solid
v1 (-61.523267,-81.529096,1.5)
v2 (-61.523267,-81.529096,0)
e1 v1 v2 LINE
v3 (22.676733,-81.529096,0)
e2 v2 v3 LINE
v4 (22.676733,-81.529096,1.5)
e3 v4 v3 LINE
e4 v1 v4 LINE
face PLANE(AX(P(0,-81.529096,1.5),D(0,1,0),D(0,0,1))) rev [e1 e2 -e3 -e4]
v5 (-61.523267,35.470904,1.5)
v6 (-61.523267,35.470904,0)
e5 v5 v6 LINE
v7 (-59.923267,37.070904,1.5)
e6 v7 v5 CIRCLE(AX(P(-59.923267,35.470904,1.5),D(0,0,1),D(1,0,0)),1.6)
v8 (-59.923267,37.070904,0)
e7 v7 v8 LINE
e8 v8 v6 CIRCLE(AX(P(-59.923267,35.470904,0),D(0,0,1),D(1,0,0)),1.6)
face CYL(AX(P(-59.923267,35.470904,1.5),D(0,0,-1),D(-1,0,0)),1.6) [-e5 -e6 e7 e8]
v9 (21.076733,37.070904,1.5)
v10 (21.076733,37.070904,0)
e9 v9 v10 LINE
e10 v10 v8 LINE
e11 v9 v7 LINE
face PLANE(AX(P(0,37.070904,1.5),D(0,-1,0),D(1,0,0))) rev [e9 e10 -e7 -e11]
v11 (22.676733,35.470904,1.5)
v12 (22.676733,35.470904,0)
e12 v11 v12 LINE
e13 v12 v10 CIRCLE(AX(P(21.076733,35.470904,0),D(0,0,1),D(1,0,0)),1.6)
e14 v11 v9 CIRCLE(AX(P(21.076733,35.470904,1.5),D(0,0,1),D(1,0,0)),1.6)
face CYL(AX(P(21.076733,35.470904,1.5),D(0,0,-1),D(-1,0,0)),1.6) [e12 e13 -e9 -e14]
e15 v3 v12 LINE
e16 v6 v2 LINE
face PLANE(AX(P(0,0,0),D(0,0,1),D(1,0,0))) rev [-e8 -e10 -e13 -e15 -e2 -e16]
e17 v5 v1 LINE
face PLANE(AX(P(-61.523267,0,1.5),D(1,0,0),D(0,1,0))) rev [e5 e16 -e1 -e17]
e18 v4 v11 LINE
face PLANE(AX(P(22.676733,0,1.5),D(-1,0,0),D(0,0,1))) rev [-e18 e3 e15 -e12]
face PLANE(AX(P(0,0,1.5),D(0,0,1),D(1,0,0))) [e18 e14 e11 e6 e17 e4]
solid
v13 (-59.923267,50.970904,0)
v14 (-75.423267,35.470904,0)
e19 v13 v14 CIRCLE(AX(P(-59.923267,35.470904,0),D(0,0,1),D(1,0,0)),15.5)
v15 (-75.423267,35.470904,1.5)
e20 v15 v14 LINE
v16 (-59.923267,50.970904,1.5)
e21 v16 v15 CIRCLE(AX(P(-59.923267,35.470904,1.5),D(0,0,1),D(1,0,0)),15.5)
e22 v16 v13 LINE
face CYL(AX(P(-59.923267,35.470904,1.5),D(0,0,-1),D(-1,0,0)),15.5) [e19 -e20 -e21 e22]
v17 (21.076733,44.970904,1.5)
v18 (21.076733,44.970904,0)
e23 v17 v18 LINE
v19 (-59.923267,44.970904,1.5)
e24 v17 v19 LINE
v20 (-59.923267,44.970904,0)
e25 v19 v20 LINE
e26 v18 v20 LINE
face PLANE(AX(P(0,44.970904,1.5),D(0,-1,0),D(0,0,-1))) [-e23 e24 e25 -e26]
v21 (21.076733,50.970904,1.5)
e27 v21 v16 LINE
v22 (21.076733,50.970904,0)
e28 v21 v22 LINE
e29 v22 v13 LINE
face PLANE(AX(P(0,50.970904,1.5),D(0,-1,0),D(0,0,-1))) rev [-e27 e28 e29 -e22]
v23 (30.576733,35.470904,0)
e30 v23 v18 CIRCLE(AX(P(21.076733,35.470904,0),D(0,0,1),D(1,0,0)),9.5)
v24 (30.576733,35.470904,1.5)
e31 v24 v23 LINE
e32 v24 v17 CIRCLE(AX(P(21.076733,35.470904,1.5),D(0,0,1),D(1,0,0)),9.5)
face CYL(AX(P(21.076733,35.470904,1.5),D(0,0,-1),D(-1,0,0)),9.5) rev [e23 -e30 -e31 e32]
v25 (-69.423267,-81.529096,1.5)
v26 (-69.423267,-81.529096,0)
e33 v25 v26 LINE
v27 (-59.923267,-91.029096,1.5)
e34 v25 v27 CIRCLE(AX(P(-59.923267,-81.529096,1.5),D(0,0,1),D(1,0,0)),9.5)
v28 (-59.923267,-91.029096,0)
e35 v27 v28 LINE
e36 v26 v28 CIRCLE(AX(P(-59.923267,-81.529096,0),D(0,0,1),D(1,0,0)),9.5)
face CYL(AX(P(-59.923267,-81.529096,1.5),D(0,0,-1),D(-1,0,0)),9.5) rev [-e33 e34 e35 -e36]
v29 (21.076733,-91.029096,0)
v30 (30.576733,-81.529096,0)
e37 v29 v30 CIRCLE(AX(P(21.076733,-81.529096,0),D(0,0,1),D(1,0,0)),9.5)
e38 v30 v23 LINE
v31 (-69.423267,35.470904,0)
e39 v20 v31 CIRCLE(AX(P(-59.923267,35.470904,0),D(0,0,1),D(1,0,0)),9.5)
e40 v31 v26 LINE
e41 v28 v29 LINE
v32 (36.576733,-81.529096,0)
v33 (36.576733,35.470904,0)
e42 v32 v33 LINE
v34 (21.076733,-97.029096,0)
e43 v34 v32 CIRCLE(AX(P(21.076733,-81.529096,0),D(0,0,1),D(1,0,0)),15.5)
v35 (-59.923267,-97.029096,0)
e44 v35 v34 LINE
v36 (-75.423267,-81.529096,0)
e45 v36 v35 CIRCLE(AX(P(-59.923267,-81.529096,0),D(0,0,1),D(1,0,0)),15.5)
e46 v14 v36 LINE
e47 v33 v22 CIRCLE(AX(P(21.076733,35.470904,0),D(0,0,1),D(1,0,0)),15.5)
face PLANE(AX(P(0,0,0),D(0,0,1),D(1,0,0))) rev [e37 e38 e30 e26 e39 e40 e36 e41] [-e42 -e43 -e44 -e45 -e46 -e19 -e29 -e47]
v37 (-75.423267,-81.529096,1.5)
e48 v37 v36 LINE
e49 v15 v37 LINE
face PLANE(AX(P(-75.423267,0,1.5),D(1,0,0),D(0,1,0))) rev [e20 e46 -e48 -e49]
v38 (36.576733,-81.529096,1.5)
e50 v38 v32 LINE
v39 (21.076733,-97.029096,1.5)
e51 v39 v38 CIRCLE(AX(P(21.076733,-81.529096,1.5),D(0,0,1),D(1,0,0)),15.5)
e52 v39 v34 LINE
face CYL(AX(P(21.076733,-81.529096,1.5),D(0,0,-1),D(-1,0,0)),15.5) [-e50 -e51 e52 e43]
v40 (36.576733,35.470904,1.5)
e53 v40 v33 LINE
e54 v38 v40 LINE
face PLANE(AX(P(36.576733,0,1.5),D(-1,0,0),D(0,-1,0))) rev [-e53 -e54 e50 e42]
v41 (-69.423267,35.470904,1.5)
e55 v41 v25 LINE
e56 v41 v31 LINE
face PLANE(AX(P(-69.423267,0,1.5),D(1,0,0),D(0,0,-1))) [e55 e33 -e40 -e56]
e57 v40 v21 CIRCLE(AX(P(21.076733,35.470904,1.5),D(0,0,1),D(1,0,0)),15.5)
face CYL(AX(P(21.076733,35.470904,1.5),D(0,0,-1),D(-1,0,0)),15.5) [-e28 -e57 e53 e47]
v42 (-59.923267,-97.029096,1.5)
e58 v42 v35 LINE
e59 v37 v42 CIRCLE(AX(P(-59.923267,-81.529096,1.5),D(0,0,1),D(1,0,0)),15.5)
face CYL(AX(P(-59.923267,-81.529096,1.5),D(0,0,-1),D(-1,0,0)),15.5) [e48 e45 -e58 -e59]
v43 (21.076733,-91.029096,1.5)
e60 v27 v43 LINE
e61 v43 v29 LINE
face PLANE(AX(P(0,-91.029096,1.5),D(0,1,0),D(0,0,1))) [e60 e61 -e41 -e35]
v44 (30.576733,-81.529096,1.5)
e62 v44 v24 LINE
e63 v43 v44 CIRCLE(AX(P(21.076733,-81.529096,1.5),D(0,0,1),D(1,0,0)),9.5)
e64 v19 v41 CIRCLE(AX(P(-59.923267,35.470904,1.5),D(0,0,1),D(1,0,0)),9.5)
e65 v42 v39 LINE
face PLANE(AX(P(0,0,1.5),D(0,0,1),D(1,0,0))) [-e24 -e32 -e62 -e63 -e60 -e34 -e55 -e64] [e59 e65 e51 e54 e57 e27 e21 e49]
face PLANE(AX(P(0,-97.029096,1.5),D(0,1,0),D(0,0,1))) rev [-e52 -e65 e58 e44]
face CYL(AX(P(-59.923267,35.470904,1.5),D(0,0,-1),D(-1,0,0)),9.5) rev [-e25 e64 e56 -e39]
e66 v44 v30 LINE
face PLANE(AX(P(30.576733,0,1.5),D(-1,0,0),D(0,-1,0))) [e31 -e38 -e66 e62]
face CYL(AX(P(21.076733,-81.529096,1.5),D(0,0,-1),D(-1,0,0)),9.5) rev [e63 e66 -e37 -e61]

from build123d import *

# Parameters (mm, degrees)
BOSS_EXTRUDE1_DEPTH   = 1.5
BOSS_EXTRUDE1_2_DEPTH = 1.5


with BuildPart() as part:
    # Sketch1 → Boss-Extrude1 (new body)
    with BuildSketch(Plane.XY):
        with BuildLine():
            Line((-61.52326721, -81.529096158), (22.67673279, -81.529096158))
            Line((22.67673279, -81.529096158), (22.67673279, 35.470903842))
            ThreePointArc((22.67673279, 35.470903842), (22.20810364, 36.602274691), (21.07673279, 37.070903842))
            Line((21.07673279, 37.070903842), (-59.92326721, 37.070903842))
            ThreePointArc((-59.92326721, 37.070903842), (-61.054638059, 36.602274691), (-61.52326721, 35.470903842))
            Line((-61.52326721, 35.470903842), (-61.52326721, -81.529096158))
        make_face()
    extrude(amount=BOSS_EXTRUDE1_DEPTH)


with BuildPart() as body_2:
    # Sketch1 → Boss-Extrude1 2 (new body)
    with BuildSketch(Plane.XY):
        with BuildLine():
            Line((-59.92326721, -97.029096158), (21.07673279, -97.029096158))
            ThreePointArc((21.07673279, -97.029096158), (32.036887899, -92.489251267), (36.57673279, -81.529096158))
            Line((36.57673279, -81.529096158), (36.57673279, 35.470903842))
            ThreePointArc((36.57673279, 35.470903842), (32.036887899, 46.43105895), (21.07673279, 50.970903842))
            Line((21.07673279, 50.970903842), (-59.92326721, 50.970903842))
            ThreePointArc((-59.92326721, 50.970903842), (-70.883422318, 46.43105895), (-75.42326721, 35.470903842))
            Line((-75.42326721, 35.470903842), (-75.42326721, -81.529096158))
            ThreePointArc((-75.42326721, -81.529096158), (-70.883422318, -92.489251267), (-59.92326721, -97.029096158))
        make_face()
        with BuildLine():
            Line((30.57673279, -81.529096158), (30.57673279, 35.470903842))
            ThreePointArc((30.57673279, 35.470903842), (27.794247212, 42.188418263), (21.07673279, 44.970903842))
            Line((21.07673279, 44.970903842), (-59.92326721, 44.970903842))
            ThreePointArc((-59.92326721, 44.970903842), (-66.640781631, 42.188418263), (-69.42326721, 35.470903842))
            Line((-69.42326721, 35.470903842), (-69.42326721, -81.529096158))
            ThreePointArc((-69.42326721, -81.529096158), (-66.640781631, -88.24661058), (-59.92326721, -91.029096158))
            Line((-59.92326721, -91.029096158), (21.07673279, -91.029096158))
            ThreePointArc((21.07673279, -91.029096158), (27.794247212, -88.24661058), (30.57673279, -81.529096158))
        make_face(mode=Mode.SUBTRACT)
    extrude(amount=BOSS_EXTRUDE1_2_DEPTH)


solid = Compound([part.part, body_2.part])
